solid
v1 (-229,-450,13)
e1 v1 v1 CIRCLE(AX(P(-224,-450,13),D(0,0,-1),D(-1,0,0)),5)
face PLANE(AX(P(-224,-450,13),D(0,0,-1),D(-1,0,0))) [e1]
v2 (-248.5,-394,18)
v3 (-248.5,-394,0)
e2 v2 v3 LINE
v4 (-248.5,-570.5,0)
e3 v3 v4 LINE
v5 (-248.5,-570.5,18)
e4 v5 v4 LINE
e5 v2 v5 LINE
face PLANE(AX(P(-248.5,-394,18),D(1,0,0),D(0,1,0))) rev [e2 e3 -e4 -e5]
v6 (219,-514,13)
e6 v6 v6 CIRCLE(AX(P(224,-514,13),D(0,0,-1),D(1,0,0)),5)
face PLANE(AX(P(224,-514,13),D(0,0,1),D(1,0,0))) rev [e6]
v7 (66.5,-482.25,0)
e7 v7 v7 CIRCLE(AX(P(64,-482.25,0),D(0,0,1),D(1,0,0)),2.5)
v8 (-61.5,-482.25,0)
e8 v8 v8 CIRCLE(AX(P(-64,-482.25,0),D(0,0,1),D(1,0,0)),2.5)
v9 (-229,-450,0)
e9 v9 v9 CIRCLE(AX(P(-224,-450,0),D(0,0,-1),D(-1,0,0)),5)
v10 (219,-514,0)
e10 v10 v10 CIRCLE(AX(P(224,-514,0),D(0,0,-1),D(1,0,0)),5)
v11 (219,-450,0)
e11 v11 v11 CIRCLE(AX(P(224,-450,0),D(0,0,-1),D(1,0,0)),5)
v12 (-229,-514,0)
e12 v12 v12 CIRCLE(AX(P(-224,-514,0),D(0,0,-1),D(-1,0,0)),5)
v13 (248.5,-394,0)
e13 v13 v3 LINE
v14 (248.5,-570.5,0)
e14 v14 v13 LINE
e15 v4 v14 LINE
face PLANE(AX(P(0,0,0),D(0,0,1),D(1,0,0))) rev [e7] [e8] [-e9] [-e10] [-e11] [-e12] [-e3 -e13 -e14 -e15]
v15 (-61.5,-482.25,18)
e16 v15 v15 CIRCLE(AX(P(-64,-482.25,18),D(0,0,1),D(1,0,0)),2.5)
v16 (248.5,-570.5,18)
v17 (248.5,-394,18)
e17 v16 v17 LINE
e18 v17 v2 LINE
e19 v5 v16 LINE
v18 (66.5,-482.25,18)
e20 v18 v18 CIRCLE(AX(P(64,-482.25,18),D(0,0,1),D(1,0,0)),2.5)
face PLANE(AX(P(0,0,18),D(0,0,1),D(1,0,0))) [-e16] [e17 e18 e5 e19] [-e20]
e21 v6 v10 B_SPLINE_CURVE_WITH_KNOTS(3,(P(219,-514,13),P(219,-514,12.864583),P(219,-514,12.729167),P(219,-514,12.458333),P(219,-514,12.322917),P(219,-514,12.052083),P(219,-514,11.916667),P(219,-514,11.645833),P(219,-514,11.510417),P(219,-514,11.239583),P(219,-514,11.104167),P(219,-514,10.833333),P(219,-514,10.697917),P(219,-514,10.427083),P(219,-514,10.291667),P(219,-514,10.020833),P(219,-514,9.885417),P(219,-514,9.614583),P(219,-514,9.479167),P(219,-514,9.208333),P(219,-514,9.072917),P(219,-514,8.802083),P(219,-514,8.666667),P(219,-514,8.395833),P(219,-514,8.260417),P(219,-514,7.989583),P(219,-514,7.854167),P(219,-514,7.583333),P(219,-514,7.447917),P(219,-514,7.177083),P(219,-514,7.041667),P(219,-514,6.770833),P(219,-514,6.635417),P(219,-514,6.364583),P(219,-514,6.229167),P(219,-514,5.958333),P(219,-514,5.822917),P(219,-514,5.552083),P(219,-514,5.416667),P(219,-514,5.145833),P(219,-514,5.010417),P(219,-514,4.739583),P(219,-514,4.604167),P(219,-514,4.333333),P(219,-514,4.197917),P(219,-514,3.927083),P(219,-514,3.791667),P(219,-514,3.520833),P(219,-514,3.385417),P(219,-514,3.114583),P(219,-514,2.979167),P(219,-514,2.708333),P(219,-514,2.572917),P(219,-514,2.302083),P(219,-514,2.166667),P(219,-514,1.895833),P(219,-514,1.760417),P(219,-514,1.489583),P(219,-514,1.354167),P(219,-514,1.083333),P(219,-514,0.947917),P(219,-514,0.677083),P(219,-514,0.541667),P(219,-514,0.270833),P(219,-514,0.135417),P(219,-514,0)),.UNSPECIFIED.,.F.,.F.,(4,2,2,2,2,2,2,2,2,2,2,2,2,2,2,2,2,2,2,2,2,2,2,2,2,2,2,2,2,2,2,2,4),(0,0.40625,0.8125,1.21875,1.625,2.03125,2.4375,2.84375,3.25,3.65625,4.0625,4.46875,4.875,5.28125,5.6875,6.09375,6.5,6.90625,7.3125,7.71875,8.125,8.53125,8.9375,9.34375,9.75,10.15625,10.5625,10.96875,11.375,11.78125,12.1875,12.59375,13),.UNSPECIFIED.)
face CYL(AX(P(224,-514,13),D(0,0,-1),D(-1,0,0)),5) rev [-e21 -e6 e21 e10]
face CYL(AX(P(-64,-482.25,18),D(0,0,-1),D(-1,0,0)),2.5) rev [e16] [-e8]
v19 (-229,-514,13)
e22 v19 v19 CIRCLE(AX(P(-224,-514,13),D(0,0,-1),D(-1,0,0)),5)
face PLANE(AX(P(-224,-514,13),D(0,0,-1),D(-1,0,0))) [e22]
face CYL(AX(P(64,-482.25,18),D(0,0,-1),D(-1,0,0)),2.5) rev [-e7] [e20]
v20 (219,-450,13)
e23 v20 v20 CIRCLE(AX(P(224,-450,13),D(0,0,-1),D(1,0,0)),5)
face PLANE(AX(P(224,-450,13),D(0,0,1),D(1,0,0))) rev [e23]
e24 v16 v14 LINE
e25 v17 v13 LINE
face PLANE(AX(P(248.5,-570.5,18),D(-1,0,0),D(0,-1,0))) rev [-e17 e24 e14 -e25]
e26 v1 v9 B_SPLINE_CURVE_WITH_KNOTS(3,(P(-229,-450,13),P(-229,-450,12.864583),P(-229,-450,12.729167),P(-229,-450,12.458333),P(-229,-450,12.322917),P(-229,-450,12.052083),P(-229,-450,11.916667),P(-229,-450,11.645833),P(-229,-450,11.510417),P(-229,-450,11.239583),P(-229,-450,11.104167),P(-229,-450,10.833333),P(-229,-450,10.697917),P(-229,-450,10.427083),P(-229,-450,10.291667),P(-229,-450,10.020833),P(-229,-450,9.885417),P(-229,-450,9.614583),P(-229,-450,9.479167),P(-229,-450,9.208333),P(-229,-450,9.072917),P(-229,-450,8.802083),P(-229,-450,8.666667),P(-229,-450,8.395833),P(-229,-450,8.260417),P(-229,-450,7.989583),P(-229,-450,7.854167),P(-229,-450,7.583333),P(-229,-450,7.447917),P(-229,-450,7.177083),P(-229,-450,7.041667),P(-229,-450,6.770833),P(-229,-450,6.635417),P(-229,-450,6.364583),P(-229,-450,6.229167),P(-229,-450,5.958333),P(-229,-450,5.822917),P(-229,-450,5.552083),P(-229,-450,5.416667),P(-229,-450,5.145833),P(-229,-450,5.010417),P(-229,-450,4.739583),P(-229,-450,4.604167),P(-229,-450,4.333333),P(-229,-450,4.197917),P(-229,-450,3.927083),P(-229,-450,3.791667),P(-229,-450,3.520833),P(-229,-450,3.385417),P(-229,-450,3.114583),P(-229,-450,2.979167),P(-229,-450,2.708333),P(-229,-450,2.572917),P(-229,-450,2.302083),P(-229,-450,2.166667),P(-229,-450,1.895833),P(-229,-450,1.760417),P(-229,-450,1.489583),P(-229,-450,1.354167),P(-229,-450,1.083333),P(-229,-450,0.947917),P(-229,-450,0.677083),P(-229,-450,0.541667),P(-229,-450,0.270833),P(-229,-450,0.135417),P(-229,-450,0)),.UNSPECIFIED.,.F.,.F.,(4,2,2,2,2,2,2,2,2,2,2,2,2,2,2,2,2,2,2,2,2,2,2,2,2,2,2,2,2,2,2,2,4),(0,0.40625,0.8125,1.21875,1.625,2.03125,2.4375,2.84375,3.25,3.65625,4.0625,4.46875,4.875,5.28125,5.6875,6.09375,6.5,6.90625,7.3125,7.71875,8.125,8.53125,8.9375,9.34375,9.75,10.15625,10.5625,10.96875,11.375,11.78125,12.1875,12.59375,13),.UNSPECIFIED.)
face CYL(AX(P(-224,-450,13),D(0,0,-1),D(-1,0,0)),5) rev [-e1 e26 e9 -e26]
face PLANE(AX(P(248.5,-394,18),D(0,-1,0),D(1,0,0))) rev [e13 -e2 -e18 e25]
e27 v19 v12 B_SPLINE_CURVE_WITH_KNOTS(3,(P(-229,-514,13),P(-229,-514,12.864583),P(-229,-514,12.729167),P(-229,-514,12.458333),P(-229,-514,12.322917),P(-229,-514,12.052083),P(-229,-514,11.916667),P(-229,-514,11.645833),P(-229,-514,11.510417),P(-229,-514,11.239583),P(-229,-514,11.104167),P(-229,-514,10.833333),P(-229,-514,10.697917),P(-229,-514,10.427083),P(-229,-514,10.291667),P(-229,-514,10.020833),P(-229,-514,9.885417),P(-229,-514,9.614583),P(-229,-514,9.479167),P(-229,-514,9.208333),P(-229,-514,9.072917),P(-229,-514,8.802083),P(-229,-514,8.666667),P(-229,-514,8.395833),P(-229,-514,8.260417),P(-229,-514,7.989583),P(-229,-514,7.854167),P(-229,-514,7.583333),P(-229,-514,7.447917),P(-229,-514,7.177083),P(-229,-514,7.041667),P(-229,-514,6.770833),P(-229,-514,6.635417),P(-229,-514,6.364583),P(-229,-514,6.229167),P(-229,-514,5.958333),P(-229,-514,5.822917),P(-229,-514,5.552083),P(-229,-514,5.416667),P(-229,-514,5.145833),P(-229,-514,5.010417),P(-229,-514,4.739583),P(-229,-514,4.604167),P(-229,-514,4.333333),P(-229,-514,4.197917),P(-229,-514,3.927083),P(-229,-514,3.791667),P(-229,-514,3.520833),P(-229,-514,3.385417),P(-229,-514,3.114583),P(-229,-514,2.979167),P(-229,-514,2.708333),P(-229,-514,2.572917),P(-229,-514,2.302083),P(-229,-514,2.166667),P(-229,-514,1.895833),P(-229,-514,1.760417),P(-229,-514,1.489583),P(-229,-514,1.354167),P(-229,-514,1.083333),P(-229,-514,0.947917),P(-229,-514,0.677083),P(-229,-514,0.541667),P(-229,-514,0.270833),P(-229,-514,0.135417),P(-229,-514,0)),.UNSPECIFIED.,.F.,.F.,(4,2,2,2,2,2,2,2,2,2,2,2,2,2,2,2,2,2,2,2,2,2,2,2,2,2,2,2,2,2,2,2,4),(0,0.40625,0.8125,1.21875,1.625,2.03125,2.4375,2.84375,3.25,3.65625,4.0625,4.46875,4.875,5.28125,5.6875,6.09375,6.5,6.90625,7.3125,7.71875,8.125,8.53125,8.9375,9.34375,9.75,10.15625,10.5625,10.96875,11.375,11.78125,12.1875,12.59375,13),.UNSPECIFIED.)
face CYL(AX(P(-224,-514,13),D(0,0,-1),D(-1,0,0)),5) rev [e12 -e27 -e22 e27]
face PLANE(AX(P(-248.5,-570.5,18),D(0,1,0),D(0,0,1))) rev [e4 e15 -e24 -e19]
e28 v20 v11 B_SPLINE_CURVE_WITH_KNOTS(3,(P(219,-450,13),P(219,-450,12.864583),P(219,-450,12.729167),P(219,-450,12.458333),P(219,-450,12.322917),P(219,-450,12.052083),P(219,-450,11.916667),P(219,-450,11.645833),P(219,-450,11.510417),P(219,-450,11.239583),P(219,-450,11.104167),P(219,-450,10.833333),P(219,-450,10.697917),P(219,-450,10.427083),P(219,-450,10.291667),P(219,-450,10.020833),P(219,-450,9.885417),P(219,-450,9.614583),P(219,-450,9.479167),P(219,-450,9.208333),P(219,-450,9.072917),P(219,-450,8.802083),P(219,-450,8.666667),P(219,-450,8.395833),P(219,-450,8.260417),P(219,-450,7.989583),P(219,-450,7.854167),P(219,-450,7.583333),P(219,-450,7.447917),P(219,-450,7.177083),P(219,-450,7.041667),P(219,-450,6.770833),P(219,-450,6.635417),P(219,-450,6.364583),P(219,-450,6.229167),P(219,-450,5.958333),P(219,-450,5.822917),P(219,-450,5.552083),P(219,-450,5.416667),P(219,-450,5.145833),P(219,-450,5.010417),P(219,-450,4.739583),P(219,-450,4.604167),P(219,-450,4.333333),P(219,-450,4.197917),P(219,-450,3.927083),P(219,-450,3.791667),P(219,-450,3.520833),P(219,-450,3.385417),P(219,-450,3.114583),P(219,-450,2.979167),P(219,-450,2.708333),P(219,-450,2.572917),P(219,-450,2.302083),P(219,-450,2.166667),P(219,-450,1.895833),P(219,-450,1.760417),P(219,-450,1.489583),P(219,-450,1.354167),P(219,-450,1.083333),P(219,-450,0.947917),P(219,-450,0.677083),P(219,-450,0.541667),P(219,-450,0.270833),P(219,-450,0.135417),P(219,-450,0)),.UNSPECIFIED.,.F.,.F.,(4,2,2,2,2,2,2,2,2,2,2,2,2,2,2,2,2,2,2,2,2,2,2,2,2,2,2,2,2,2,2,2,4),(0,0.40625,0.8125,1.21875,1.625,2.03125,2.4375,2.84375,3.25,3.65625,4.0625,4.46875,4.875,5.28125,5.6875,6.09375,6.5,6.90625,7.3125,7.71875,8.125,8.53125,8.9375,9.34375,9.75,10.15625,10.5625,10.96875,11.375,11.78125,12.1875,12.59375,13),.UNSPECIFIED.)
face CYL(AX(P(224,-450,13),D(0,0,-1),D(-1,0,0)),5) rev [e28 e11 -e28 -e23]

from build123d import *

# Parameters (mm, degrees)
SKETCH1_W           = 497
SKETCH1_H           = 176.5
SKETCH1_R           = 2.5
BOSS_EXTRUDE1_DEPTH = 18
SKETCH2_R           = 5
CUT_EXTRUDE1_DEPTH  = 13


with BuildPart() as part:
    # Sketch1 → Boss-Extrude1 (new body)
    with BuildSketch(Plane.XY):
        with Locations((0, -482.25)):
            Rectangle(SKETCH1_W, SKETCH1_H)
        with Locations((64, -482.25)):
            Circle(SKETCH1_R, mode=Mode.SUBTRACT)
        with Locations((-64, -482.25)):
            Circle(SKETCH1_R, mode=Mode.SUBTRACT)
    extrude(amount=BOSS_EXTRUDE1_DEPTH)

    # Sketch2 → Cut-Extrude1 (cut)
    with BuildSketch(Plane(origin=(0, 0, 0), x_dir=(-1, 0, 0), z_dir=(0, 0, -1))):
        with Locations((224, -514)):
            Circle(SKETCH2_R)
        with Locations((-224, -514)):
            Circle(SKETCH2_R)
        with Locations((224, -450)):
            Circle(SKETCH2_R)
        with Locations((-224, -450)):
            Circle(SKETCH2_R)
    extrude(amount=-CUT_EXTRUDE1_DEPTH, mode=Mode.SUBTRACT)


solid = part.part
